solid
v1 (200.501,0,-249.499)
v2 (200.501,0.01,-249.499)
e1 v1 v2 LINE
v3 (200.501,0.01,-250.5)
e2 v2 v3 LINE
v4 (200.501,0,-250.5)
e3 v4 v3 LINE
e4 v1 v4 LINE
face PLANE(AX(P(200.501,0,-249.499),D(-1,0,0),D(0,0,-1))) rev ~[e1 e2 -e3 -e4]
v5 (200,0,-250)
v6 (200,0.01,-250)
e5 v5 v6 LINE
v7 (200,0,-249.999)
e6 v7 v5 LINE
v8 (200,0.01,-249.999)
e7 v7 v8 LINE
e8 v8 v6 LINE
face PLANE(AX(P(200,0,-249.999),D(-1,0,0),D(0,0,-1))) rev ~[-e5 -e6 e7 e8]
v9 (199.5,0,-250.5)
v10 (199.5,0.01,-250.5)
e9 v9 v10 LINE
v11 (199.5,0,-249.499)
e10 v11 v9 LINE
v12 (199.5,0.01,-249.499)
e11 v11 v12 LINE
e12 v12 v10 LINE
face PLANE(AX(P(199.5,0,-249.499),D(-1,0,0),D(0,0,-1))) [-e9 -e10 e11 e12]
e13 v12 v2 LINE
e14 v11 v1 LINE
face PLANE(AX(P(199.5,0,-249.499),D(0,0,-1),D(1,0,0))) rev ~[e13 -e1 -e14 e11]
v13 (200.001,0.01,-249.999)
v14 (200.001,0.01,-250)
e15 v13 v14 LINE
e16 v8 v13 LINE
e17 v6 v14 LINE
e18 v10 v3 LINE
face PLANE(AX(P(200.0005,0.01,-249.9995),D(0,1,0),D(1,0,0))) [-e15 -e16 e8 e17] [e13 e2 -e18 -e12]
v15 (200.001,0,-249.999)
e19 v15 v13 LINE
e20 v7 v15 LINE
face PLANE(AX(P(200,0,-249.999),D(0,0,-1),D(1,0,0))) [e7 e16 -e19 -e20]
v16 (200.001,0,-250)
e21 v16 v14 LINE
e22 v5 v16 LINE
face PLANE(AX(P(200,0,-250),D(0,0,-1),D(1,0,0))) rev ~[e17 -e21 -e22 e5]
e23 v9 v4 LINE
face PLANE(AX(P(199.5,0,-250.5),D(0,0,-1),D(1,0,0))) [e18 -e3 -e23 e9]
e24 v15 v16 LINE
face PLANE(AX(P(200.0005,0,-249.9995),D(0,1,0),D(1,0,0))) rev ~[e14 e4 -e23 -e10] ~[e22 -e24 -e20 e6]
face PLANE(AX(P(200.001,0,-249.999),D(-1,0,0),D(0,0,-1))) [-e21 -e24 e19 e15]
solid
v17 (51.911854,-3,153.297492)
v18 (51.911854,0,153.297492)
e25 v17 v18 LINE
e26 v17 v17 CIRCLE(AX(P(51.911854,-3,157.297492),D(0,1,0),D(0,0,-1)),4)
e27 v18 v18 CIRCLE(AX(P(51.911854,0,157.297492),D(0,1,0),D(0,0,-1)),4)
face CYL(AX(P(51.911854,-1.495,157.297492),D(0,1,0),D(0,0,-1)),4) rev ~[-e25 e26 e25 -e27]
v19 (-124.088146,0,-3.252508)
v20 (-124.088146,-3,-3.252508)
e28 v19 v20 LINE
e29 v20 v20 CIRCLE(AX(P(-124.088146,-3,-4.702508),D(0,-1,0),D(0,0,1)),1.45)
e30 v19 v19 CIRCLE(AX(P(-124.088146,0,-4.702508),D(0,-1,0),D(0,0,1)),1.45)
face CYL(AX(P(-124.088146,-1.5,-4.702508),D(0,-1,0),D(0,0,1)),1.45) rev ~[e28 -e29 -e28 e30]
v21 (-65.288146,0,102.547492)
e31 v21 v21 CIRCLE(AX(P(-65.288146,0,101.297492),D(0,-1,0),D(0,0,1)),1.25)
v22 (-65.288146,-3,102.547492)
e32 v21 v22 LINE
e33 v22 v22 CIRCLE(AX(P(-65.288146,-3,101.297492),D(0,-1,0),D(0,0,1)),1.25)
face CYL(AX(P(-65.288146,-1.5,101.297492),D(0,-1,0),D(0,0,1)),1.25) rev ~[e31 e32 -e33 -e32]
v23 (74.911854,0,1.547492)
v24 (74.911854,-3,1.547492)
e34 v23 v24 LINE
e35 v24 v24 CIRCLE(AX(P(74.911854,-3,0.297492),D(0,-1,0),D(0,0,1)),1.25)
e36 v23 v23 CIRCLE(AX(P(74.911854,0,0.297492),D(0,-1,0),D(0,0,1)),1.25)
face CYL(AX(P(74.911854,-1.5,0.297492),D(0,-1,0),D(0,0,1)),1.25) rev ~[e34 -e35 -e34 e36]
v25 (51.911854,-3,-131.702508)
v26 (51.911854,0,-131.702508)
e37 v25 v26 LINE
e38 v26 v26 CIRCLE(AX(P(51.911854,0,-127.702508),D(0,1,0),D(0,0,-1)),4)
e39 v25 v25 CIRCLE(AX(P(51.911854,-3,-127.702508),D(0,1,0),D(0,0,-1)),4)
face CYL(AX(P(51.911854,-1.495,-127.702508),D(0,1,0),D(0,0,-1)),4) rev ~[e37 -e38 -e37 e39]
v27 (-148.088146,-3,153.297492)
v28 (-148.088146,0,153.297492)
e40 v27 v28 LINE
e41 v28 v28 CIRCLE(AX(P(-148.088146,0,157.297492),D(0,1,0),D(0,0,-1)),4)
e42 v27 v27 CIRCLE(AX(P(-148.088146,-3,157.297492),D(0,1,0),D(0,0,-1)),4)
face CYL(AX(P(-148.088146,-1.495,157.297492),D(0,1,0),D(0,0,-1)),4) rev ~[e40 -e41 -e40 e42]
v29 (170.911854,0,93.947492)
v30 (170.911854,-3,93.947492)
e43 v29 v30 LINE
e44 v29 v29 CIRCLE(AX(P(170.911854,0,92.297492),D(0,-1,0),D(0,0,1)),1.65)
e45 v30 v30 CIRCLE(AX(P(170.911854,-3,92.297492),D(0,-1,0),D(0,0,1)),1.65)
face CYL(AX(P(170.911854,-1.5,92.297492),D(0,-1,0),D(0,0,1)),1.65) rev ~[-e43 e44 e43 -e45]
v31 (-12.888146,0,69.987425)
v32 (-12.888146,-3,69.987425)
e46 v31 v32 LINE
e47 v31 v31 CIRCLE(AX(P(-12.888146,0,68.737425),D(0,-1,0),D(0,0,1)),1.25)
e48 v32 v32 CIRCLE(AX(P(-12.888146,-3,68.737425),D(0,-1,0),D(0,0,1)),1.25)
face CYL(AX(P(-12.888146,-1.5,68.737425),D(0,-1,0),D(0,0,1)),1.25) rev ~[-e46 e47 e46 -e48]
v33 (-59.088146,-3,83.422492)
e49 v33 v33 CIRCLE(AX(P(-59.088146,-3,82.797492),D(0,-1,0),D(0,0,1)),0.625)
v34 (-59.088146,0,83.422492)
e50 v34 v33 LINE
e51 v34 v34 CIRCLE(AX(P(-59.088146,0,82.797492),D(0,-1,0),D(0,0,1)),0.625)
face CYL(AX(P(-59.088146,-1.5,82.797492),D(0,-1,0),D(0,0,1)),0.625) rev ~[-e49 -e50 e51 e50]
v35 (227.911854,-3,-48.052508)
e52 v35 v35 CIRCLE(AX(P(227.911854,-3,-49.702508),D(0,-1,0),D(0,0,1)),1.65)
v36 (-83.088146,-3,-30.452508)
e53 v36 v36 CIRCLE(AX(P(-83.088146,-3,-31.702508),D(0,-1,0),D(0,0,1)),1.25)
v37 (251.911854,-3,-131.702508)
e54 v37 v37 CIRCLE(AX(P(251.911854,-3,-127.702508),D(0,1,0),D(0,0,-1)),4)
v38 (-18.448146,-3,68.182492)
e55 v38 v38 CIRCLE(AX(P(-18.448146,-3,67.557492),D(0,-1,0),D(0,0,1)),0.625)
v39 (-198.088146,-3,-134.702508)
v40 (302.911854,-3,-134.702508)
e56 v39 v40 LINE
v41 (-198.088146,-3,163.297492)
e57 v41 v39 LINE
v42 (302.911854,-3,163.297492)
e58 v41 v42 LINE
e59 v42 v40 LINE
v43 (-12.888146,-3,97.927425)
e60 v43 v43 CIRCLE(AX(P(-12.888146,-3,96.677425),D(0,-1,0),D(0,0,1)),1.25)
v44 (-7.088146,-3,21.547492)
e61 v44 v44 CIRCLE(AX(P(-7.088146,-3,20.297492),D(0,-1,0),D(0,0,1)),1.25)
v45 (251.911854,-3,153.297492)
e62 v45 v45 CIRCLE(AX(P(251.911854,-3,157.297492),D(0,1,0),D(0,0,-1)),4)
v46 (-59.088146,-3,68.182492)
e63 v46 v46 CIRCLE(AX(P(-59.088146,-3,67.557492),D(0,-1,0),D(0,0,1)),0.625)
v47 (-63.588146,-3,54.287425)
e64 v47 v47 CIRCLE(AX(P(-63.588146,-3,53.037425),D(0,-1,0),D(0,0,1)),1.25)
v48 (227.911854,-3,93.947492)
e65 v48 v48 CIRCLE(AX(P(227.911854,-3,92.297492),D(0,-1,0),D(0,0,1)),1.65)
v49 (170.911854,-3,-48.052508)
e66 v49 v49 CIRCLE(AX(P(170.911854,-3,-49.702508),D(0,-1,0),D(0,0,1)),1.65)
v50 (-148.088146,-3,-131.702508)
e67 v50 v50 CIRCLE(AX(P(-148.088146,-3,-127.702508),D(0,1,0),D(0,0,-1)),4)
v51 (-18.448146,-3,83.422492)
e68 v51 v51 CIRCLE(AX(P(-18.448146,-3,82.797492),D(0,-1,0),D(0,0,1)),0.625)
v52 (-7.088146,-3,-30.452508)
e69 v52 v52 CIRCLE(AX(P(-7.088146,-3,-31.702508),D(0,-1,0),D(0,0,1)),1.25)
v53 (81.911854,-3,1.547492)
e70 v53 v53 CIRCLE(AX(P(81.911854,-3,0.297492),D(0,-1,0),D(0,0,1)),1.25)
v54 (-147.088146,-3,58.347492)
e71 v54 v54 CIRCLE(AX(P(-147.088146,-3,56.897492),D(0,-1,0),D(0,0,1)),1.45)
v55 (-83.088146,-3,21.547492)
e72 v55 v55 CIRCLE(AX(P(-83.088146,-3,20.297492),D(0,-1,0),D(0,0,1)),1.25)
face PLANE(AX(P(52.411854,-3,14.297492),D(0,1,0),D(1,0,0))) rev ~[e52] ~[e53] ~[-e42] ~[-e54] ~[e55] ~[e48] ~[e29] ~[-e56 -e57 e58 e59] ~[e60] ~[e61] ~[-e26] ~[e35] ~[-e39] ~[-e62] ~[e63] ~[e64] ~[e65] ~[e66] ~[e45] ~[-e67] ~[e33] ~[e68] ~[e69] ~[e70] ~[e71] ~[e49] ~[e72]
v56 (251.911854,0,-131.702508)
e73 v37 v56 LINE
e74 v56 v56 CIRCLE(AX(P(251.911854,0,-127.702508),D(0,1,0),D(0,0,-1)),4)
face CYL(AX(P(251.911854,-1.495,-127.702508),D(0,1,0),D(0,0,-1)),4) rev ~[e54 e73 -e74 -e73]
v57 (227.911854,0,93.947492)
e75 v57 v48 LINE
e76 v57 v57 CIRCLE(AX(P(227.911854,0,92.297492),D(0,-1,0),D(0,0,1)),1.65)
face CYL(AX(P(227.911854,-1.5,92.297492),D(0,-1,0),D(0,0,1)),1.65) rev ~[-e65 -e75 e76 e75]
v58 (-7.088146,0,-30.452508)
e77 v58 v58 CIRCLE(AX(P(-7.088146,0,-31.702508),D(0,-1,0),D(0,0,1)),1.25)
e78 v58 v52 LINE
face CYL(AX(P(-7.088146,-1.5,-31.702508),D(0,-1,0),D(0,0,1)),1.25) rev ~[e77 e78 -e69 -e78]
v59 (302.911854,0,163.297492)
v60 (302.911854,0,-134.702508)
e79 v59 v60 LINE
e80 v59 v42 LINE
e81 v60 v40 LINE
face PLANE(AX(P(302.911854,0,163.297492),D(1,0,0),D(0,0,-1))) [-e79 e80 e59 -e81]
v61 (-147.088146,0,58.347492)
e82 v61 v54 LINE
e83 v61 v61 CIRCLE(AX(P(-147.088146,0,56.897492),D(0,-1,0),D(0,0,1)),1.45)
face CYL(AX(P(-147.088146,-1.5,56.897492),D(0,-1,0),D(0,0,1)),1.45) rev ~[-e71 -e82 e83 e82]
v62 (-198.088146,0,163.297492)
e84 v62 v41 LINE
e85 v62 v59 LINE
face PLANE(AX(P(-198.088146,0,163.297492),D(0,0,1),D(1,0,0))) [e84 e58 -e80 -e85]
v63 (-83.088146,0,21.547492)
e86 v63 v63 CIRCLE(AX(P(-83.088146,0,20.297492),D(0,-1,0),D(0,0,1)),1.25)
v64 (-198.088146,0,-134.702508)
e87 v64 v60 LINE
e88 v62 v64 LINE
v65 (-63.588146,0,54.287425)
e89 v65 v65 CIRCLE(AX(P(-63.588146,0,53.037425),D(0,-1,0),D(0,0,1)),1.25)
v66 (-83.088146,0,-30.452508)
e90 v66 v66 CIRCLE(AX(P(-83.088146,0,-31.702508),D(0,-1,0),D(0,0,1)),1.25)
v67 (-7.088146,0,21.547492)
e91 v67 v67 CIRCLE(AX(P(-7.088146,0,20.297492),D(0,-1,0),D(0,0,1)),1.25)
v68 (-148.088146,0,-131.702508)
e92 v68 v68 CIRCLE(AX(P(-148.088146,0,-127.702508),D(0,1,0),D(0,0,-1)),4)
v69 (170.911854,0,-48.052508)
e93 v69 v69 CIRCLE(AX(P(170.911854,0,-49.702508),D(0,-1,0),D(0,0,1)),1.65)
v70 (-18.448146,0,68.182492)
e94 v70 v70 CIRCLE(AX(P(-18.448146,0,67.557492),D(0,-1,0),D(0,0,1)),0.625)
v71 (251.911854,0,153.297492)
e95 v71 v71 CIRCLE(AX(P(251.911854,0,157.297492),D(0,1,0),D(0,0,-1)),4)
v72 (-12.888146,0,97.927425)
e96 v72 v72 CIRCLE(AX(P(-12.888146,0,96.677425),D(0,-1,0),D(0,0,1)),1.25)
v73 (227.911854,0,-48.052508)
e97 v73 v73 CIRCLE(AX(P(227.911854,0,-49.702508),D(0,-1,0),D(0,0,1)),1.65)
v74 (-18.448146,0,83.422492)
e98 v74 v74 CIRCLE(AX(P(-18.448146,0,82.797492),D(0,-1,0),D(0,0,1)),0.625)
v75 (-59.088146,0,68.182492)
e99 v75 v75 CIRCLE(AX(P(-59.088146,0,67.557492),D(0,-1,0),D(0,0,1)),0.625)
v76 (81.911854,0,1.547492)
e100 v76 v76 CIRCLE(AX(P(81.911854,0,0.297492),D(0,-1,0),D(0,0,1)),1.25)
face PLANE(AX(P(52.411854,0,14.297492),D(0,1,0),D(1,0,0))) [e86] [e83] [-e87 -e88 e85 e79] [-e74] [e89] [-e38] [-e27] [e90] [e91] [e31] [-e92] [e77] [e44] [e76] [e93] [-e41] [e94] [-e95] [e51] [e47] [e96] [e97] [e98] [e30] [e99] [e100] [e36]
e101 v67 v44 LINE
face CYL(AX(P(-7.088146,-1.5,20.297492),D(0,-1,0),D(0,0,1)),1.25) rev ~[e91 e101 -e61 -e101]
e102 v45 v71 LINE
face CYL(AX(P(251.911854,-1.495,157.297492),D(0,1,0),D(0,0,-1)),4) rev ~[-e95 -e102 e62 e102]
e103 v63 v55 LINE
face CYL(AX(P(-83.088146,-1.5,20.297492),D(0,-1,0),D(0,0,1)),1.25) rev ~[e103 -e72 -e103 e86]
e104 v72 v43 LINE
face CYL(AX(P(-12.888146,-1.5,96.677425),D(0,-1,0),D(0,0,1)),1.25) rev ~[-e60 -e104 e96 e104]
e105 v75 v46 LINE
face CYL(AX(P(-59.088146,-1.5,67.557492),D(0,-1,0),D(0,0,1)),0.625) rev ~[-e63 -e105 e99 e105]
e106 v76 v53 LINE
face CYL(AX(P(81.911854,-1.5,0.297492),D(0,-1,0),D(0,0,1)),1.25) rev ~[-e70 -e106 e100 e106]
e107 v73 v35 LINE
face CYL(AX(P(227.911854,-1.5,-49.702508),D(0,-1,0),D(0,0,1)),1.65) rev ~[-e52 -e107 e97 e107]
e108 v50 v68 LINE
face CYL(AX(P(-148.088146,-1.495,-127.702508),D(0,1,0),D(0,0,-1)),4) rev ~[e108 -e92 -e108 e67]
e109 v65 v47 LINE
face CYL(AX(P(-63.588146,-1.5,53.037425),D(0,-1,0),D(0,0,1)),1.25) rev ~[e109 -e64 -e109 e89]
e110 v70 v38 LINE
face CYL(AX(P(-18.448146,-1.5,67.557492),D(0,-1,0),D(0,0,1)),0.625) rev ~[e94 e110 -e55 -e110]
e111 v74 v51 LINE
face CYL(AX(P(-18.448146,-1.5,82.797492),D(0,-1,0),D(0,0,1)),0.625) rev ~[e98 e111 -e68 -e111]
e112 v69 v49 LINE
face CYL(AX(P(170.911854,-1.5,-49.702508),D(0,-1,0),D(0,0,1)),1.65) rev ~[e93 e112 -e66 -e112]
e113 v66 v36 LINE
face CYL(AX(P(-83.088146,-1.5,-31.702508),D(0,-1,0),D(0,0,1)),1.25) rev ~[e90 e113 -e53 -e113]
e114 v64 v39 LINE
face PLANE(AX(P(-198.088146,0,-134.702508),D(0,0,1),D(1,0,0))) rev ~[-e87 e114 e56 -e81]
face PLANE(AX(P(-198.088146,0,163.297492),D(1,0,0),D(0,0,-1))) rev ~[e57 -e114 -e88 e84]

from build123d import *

# Parameters (mm, degrees)
SKETCH1_W                         = 1.001
SKETCH1_H                         = 1.001
SKETCH1_W_2                       = 0.001
SKETCH1_H_2                       = 0.001
EXTRUDE_THIN5_DEPTH               = 0.01
SKETCH2_W                         = 501
SKETCH2_H                         = 298
BOSS_EXTRUDE2_DEPTH               = 3
SKETCH35_W                        = 1.25
SKETCH35_H                        = 3
M3X0_5_TAPPED_HOLE3_AT_2_COUNT    = 2
M3X0_5_TAPPED_HOLE3_AT_2_PITCH    = 76
M3X0_5_TAPPED_HOLE3_AT_3_COUNT    = 2
M3X0_5_TAPPED_HOLE3_AT_3_PITCH    = 92.086915466
M3X0_5_TAPPED_HOLE3_AT_4_COUNT    = 2
M3X0_5_TAPPED_HOLE3_AT_4_PITCH    = 52
SKETCH37_W                        = 1.25
SKETCH37_H                        = 3
M3X0_5_TAPPED_HOLE2_AT_2_COUNT    = 2
M3X0_5_TAPPED_HOLE2_AT_2_PITCH    = 53.075229627
M3X0_5_TAPPED_HOLE2_AT_3_COUNT    = 2
M3X0_5_TAPPED_HOLE2_AT_3_PITCH    = 48.29
M3X0_5_TAPPED_HOLE2_AT_4_COUNT    = 2
M3X0_5_TAPPED_HOLE2_AT_4_PITCH    = 66.894989349
SKETCH39_W                        = 1.65
SKETCH39_H                        = 3
M4X0_7_TAPPED_HOLE1_AT_2_COUNT    = 2
M4X0_7_TAPPED_HOLE1_AT_2_PITCH    = 57
M4X0_7_TAPPED_HOLE1_AT_3_COUNT    = 2
M4X0_7_TAPPED_HOLE1_AT_3_PITCH    = 153.013071337
M4X0_7_TAPPED_HOLE1_AT_4_COUNT    = 2
M4X0_7_TAPPED_HOLE1_AT_4_PITCH    = 142
SKETCH40_W                        = 0.625
SKETCH40_H                        = 3
M1_6X0_35_TAPPED_HOLE1_AT_2_COUNT = 2
M1_6X0_35_TAPPED_HOLE1_AT_2_PITCH = 40.64
M1_6X0_35_TAPPED_HOLE1_AT_3_COUNT = 2
M1_6X0_35_TAPPED_HOLE1_AT_3_PITCH = 43.403539026
M1_6X0_35_TAPPED_HOLE1_AT_4_COUNT = 2
M1_6X0_35_TAPPED_HOLE1_AT_4_PITCH = 15.24
SKETCH42_W                        = 1.25
SKETCH42_H                        = 3
M3X0_5_TAPPED_HOLE1_AT_2_COUNT    = 2
M3X0_5_TAPPED_HOLE1_AT_2_PITCH    = 7
SKETCH49_W                        = 1.45
SKETCH49_H                        = 3
M3_5X0_6_TAPPED_HOLE1_AT_2_COUNT  = 2
M3_5X0_6_TAPPED_HOLE1_AT_2_PITCH  = 65.753783161
SKETCH55_W                        = 4
SKETCH55_H                        = 3.01
F_8_0MM_DOWEL_HOLE1_AT_2_COUNT    = 2
F_8_0MM_DOWEL_HOLE1_AT_2_PITCH    = 200
F_8_0MM_DOWEL_HOLE1_AT_3_COUNT    = 2
F_8_0MM_DOWEL_HOLE1_AT_3_PITCH    = 400
F_8_0MM_DOWEL_HOLE1_AT_4_COUNT    = 2
F_8_0MM_DOWEL_HOLE1_AT_4_PITCH    = 491.14661762
F_8_0MM_DOWEL_HOLE1_AT_5_COUNT    = 2
F_8_0MM_DOWEL_HOLE1_AT_5_PITCH    = 348.173807171
F_8_0MM_DOWEL_HOLE1_AT_6_COUNT    = 2
F_8_0MM_DOWEL_HOLE1_AT_6_PITCH    = 285


with BuildPart() as part:
    # Sketch1 → Extrude-Thin5 (new body)
    with BuildSketch(Plane(origin=(0, 0, 0), x_dir=(1, 0, 0), z_dir=(0, 1, 0))):
        with Locations((200.0005, 249.9995)):
            Rectangle(SKETCH1_W, SKETCH1_H)
        with Locations((200.0005, 249.9995)):
            Rectangle(SKETCH1_W_2, SKETCH1_H_2, mode=Mode.SUBTRACT)
    extrude(amount=EXTRUDE_THIN5_DEPTH)


with BuildPart() as body_2:
    # Sketch2 → Boss-Extrude2 (new body)
    with BuildSketch(Plane(origin=(0, 0, 0), x_dir=(1, 0, 0), z_dir=(0, 1, 0))):
        with Locations((52.411854103, -14.297492401)):
            Rectangle(SKETCH2_W, SKETCH2_H)
    extrude(amount=-BOSS_EXTRUDE2_DEPTH)

    # Sketch35 → M3x0.5 Tapped Hole3 (revolve, cut)
    with BuildSketch(Plane(origin=(-83.088145897, 0, -31.702507599), x_dir=(0, 0, 1), z_dir=(1, 0, 0))):
        with Locations((0.625, 1.5)):
            Rectangle(SKETCH35_W, SKETCH35_H)
    m3x0_5_tapped_hole3 = revolve(axis=Axis((-83.088145897, 6.35, -31.702507599), (0, -1, 0)), mode=Mode.SUBTRACT)

    # M3x0.5 Tapped Hole3 at 2: M3x0.5 Tapped Hole3 ×2
    with Locations(*[(i * M3X0_5_TAPPED_HOLE3_AT_2_PITCH, 0, 0) for i in range(1, M3X0_5_TAPPED_HOLE3_AT_2_COUNT)]):
        add(m3x0_5_tapped_hole3, mode=Mode.SUBTRACT)

    # M3x0.5 Tapped Hole3 at 3: M3x0.5 Tapped Hole3 ×2
    with Locations(*[Vector(0.8253072612498318, 0, 0.5646839155919902) * (i * M3X0_5_TAPPED_HOLE3_AT_3_PITCH) for i in range(1, M3X0_5_TAPPED_HOLE3_AT_3_COUNT)]):
        add(m3x0_5_tapped_hole3, mode=Mode.SUBTRACT)

    # M3x0.5 Tapped Hole3 at 4: M3x0.5 Tapped Hole3 ×2
    with Locations(*[(0, 0, i * M3X0_5_TAPPED_HOLE3_AT_4_PITCH) for i in range(1, M3X0_5_TAPPED_HOLE3_AT_4_COUNT)]):
        add(m3x0_5_tapped_hole3, mode=Mode.SUBTRACT)

    # Sketch37 → M3x0.5 Tapped Hole2 (revolve, cut)
    with BuildSketch(Plane(origin=(-63.588145897, 0, 53.037425058), x_dir=(0, 0, 1), z_dir=(1, 0, 0))):
        with Locations((0.625, 1.5)):
            Rectangle(SKETCH37_W, SKETCH37_H)
    m3x0_5_tapped_hole2 = revolve(axis=Axis((-63.588145897, 6.35, 53.037425058), (0, -1, 0)), mode=Mode.SUBTRACT)

    # M3x0.5 Tapped Hole2 at 2: M3x0.5 Tapped Hole2 ×2
    with Locations(*[Vector(0.9552478690330028, 0, 0.29580653932580175) * (i * M3X0_5_TAPPED_HOLE2_AT_2_PITCH) for i in range(1, M3X0_5_TAPPED_HOLE2_AT_2_COUNT)]):
        add(m3x0_5_tapped_hole2, mode=Mode.SUBTRACT)

    # M3x0.5 Tapped Hole2 at 3: M3x0.5 Tapped Hole2 ×2
    with Locations(*[Vector(-0.03520397597846292, 0, 0.9993801479293593) * (i * M3X0_5_TAPPED_HOLE2_AT_3_PITCH) for i in range(1, M3X0_5_TAPPED_HOLE2_AT_3_COUNT)]):
        add(m3x0_5_tapped_hole2, mode=Mode.SUBTRACT)

    # M3x0.5 Tapped Hole2 at 4: M3x0.5 Tapped Hole2 ×2
    with Locations(*[Vector(0.7579042988632139, 0, 0.6523657515264425) * (i * M3X0_5_TAPPED_HOLE2_AT_4_PITCH) for i in range(1, M3X0_5_TAPPED_HOLE2_AT_4_COUNT)]):
        add(m3x0_5_tapped_hole2, mode=Mode.SUBTRACT)

    # Sketch39 → M4x0.7 Tapped Hole1 (revolve, cut)
    with BuildSketch(Plane(origin=(227.911854103, 0, -49.702507599), x_dir=(0, 0, 1), z_dir=(1, 0, 0))):
        with Locations((0.825, 1.5)):
            Rectangle(SKETCH39_W, SKETCH39_H)
    m4x0_7_tapped_hole1 = revolve(axis=Axis((227.911854103, 6.35, -49.702507599), (0, -1, 0)), mode=Mode.SUBTRACT)

    # M4x0.7 Tapped Hole1 at 2: M4x0.7 Tapped Hole1 ×2
    with Locations(*[(-i * M4X0_7_TAPPED_HOLE1_AT_2_PITCH, 0, 0) for i in range(1, M4X0_7_TAPPED_HOLE1_AT_2_COUNT)]):
        add(m4x0_7_tapped_hole1, mode=Mode.SUBTRACT)

    # M4x0.7 Tapped Hole1 at 3: M4x0.7 Tapped Hole1 ×2
    with Locations(*[Vector(-0.3725171941319941, 0, 0.9280252906446173) * (i * M4X0_7_TAPPED_HOLE1_AT_3_PITCH) for i in range(1, M4X0_7_TAPPED_HOLE1_AT_3_COUNT)]):
        add(m4x0_7_tapped_hole1, mode=Mode.SUBTRACT)

    # M4x0.7 Tapped Hole1 at 4: M4x0.7 Tapped Hole1 ×2
    with Locations(*[(0, 0, i * M4X0_7_TAPPED_HOLE1_AT_4_PITCH) for i in range(1, M4X0_7_TAPPED_HOLE1_AT_4_COUNT)]):
        add(m4x0_7_tapped_hole1, mode=Mode.SUBTRACT)

    # Sketch40 → M1.6x0.35 Tapped Hole1 (revolve, cut)
    with BuildSketch(Plane(origin=(-18.448145897, 0, 82.797492401), x_dir=(0, 0, 1), z_dir=(1, 0, 0))):
        with Locations((0.3125, 1.5)):
            Rectangle(SKETCH40_W, SKETCH40_H)
    m1_6x0_35_tapped_hole1 = revolve(axis=Axis((-18.448145897, 6.35, 82.797492401), (0, -1, 0)), mode=Mode.SUBTRACT)

    # M1.6x0.35 Tapped Hole1 at 2: M1.6x0.35 Tapped Hole1 ×2
    with Locations(*[(-i * M1_6X0_35_TAPPED_HOLE1_AT_2_PITCH, 0, 0) for i in range(1, M1_6X0_35_TAPPED_HOLE1_AT_2_COUNT)]):
        add(m1_6x0_35_tapped_hole1, mode=Mode.SUBTRACT)

    # M1.6x0.35 Tapped Hole1 at 3: M1.6x0.35 Tapped Hole1 ×2
    with Locations(*[Vector(-0.9363291775690445, 0, -0.35112344158839176) * (i * M1_6X0_35_TAPPED_HOLE1_AT_3_PITCH) for i in range(1, M1_6X0_35_TAPPED_HOLE1_AT_3_COUNT)]):
        add(m1_6x0_35_tapped_hole1, mode=Mode.SUBTRACT)

    # M1.6x0.35 Tapped Hole1 at 4: M1.6x0.35 Tapped Hole1 ×2
    with Locations(*[(0, 0, -i * M1_6X0_35_TAPPED_HOLE1_AT_4_PITCH) for i in range(1, M1_6X0_35_TAPPED_HOLE1_AT_4_COUNT)]):
        add(m1_6x0_35_tapped_hole1, mode=Mode.SUBTRACT)

    # Sketch42 → M3x0.5 Tapped Hole1 (revolve, cut)
    with BuildSketch(Plane(origin=(81.911854103, 0, 0.297492401), x_dir=(0, 0, 1), z_dir=(1, 0, 0))):
        with Locations((0.625, 1.5)):
            Rectangle(SKETCH42_W, SKETCH42_H)
    m3x0_5_tapped_hole1 = revolve(axis=Axis((81.911854103, 6.35, 0.297492401), (0, -1, 0)), mode=Mode.SUBTRACT)

    # M3x0.5 Tapped Hole1 at 2: M3x0.5 Tapped Hole1 ×2
    with Locations(*[(-i * M3X0_5_TAPPED_HOLE1_AT_2_PITCH, 0, 0) for i in range(1, M3X0_5_TAPPED_HOLE1_AT_2_COUNT)]):
        add(m3x0_5_tapped_hole1, mode=Mode.SUBTRACT)

    # Sketch49 → M3.5x0.6 Tapped Hole1 (revolve, cut)
    with BuildSketch(Plane(origin=(-124.088145897, 0, -4.702507599), x_dir=(0, 0, 1), z_dir=(1, 0, 0))):
        with Locations((0.725, 1.5)):
            Rectangle(SKETCH49_W, SKETCH49_H)
    m3_5x0_6_tapped_hole1 = revolve(axis=Axis((-124.088145897, 6.35, -4.702507599), (0, -1, 0)), mode=Mode.SUBTRACT)

    # M3.5x0.6 Tapped Hole1 at 2: M3.5x0.6 Tapped Hole1 ×2
    with Locations(*[Vector(-0.34978975952822045, 0, 0.9368282255190595) * (i * M3_5X0_6_TAPPED_HOLE1_AT_2_PITCH) for i in range(1, M3_5X0_6_TAPPED_HOLE1_AT_2_COUNT)]):
        add(m3_5x0_6_tapped_hole1, mode=Mode.SUBTRACT)

    # Sketch55 → Ø8.0mm Dowel Hole1 (revolve, cut)
    with BuildSketch(Plane(origin=(-148.088145897, -3, 157.297492401), x_dir=(0, 0, -1), z_dir=(1, 0, 0))):
        with Locations((2, 1.505)):
            Rectangle(SKETCH55_W, SKETCH55_H)
    f_8_0mm_dowel_hole1 = revolve(axis=Axis((-148.088145897, -9.35, 157.297492401), (0, 1, 0)), mode=Mode.SUBTRACT)

    # Ø8.0mm Dowel Hole1 at 2: Ø8.0mm Dowel Hole1 ×2
    with Locations(*[(i * F_8_0MM_DOWEL_HOLE1_AT_2_PITCH, 0, 0) for i in range(1, F_8_0MM_DOWEL_HOLE1_AT_2_COUNT)]):
        add(f_8_0mm_dowel_hole1, mode=Mode.SUBTRACT)

    # Ø8.0mm Dowel Hole1 at 3: Ø8.0mm Dowel Hole1 ×2
    with Locations(*[(i * F_8_0MM_DOWEL_HOLE1_AT_3_PITCH, 0, 0) for i in range(1, F_8_0MM_DOWEL_HOLE1_AT_3_COUNT)]):
        add(f_8_0mm_dowel_hole1, mode=Mode.SUBTRACT)

    # Ø8.0mm Dowel Hole1 at 4: Ø8.0mm Dowel Hole1 ×2
    with Locations(*[Vector(0.8144207567547996, 0, -0.5802747891877947) * (i * F_8_0MM_DOWEL_HOLE1_AT_4_PITCH) for i in range(1, F_8_0MM_DOWEL_HOLE1_AT_4_COUNT)]):
        add(f_8_0mm_dowel_hole1, mode=Mode.SUBTRACT)

    # Ø8.0mm Dowel Hole1 at 5: Ø8.0mm Dowel Hole1 ×2
    with Locations(*[Vector(0.5744257490964302, 0, -0.8185566924624129) * (i * F_8_0MM_DOWEL_HOLE1_AT_5_PITCH) for i in range(1, F_8_0MM_DOWEL_HOLE1_AT_5_COUNT)]):
        add(f_8_0mm_dowel_hole1, mode=Mode.SUBTRACT)

    # Ø8.0mm Dowel Hole1 at 6: Ø8.0mm Dowel Hole1 ×2
    with Locations(*[(0, 0, -i * F_8_0MM_DOWEL_HOLE1_AT_6_PITCH) for i in range(1, F_8_0MM_DOWEL_HOLE1_AT_6_COUNT)]):
        add(f_8_0mm_dowel_hole1, mode=Mode.SUBTRACT)


solid = Compound([part.part, body_2.part])
